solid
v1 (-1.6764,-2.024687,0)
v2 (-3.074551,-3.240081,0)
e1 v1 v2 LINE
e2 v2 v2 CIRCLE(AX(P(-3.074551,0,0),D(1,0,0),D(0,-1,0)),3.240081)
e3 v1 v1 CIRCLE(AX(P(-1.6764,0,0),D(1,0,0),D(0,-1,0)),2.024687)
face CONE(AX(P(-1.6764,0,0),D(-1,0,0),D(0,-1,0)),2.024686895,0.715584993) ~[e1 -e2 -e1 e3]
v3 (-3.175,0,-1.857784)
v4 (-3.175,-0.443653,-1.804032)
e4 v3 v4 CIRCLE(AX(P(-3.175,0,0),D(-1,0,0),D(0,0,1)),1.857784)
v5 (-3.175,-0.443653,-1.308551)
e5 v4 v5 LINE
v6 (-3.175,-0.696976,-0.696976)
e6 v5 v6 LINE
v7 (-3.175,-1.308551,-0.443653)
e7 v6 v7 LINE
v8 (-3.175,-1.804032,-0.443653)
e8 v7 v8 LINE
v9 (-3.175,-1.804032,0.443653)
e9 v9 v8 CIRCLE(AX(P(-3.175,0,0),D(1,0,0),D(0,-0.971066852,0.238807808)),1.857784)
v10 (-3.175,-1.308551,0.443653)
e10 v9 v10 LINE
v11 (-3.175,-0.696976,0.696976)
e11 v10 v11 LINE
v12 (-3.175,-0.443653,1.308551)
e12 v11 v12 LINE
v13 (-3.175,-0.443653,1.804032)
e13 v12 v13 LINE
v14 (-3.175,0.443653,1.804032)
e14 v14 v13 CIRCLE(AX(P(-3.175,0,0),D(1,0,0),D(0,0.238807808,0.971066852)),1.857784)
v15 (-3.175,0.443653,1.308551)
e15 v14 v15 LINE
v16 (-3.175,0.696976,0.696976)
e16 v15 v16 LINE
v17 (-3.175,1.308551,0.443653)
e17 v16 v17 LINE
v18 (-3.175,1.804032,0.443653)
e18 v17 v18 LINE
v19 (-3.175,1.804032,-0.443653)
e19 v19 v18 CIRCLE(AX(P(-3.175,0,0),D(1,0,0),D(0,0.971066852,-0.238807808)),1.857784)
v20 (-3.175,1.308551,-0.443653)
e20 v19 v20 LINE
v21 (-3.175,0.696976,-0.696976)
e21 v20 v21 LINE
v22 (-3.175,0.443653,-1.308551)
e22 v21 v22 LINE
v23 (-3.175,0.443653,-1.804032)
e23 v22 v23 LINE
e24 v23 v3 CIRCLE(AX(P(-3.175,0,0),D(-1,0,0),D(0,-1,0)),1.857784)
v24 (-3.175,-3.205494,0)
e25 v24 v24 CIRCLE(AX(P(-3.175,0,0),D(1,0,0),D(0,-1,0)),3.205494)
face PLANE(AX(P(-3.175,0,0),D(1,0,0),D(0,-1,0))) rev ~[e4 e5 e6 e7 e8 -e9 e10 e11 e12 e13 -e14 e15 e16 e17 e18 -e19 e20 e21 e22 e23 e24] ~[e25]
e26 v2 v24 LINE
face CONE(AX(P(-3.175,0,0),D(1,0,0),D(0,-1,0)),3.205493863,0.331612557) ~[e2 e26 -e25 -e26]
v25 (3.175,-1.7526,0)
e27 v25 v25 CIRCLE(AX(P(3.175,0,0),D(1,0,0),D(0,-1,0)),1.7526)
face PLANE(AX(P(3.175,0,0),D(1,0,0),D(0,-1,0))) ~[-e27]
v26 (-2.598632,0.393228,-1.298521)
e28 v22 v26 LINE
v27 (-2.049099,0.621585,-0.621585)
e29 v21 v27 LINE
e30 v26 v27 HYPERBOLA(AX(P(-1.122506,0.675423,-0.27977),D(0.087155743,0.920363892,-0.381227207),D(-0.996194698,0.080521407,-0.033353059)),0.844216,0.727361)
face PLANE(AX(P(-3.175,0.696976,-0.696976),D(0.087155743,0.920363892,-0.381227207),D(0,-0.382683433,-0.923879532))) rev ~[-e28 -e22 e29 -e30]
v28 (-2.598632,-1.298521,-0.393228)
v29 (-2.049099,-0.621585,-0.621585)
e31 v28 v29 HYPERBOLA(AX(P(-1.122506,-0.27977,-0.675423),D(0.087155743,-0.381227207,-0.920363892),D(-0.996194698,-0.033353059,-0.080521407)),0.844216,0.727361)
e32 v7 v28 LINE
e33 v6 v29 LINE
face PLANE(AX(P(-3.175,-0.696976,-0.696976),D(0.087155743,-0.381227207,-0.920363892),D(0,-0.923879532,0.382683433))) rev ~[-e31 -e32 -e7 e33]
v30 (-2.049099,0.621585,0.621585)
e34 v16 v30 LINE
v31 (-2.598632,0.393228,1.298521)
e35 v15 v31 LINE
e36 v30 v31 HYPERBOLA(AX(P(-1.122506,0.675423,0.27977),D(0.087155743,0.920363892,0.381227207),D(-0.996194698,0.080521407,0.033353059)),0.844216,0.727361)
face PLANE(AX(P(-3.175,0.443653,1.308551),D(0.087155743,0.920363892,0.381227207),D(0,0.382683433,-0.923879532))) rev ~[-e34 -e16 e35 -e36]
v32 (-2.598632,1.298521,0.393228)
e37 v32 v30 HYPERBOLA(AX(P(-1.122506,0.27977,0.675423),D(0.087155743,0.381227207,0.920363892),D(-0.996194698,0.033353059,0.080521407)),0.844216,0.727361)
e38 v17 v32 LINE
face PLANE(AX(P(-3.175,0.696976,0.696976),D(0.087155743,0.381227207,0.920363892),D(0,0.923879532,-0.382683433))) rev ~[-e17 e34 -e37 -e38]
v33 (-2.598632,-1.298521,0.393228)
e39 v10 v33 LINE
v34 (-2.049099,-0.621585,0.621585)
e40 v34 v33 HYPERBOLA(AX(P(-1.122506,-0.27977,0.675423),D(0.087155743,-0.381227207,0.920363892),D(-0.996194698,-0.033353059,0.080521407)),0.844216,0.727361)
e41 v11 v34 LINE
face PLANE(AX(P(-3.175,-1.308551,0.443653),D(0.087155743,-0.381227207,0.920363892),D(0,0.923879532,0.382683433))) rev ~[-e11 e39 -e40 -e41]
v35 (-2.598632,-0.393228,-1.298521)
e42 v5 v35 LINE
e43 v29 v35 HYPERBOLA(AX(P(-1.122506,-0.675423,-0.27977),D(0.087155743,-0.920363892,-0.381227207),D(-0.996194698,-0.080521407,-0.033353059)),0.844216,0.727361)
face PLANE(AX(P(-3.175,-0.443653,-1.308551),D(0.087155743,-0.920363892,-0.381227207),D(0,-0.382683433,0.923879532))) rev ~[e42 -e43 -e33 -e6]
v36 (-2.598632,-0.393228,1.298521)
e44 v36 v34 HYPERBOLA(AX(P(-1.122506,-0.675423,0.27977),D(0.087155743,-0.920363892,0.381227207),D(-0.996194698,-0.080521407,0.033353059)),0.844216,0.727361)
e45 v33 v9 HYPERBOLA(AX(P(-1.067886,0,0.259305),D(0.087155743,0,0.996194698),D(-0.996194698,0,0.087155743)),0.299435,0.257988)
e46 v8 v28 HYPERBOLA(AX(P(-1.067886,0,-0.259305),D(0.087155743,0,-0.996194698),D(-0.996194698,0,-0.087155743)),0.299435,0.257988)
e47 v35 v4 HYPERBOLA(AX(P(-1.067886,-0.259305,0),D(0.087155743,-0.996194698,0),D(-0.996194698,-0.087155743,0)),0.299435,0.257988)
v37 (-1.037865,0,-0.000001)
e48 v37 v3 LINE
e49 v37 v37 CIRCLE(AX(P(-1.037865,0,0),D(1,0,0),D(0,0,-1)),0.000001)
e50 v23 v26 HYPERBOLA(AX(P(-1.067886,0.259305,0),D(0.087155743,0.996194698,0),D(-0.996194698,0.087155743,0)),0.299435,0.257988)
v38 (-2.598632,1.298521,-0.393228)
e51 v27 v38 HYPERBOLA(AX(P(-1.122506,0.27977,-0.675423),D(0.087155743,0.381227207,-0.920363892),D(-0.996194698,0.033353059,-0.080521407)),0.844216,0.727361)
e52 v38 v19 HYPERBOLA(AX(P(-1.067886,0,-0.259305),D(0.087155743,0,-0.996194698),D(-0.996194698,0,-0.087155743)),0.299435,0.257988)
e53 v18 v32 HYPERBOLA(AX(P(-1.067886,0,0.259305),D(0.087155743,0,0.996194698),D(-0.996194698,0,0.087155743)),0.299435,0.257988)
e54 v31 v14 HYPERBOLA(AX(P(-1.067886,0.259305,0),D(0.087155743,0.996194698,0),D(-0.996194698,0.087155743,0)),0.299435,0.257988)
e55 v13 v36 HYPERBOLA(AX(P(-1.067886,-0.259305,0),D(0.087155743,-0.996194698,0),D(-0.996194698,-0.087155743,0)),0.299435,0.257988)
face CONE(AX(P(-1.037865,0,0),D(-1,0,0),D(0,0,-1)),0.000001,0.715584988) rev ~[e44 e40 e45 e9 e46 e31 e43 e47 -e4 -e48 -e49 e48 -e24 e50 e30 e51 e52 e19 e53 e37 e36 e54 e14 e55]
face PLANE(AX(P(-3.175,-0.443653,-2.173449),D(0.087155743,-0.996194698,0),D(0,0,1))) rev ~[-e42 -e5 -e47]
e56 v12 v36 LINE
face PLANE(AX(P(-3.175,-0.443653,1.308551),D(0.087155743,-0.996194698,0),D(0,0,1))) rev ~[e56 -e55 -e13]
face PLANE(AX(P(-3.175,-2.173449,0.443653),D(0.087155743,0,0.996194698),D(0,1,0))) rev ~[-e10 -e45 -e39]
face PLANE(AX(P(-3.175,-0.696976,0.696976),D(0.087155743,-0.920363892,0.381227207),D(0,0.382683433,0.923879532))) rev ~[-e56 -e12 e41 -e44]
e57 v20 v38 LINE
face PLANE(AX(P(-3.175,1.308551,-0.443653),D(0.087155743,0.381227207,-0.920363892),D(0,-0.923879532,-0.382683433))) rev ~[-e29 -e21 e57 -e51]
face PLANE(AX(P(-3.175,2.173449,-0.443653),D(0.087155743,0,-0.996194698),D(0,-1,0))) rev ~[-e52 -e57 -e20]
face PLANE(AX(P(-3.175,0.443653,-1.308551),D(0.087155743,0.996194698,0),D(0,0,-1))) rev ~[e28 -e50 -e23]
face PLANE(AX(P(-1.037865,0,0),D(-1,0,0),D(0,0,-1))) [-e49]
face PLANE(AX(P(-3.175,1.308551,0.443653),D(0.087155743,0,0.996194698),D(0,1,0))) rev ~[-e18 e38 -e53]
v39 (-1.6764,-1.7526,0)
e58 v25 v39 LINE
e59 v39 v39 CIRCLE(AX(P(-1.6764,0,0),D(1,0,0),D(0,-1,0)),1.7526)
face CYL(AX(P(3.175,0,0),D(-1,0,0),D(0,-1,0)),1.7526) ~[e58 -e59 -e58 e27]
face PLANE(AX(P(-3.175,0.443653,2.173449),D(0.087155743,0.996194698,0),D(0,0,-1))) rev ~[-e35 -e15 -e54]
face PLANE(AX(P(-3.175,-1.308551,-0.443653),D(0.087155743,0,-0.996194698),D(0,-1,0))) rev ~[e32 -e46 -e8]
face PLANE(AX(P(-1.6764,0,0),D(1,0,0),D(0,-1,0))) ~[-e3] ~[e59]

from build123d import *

# Parameters (mm, degrees)
CUT_EXTRUDE1_REACH = 9.904
CIRPATTERN1_COUNT  = 4
DRAFT1_ANGLE       = 5
CHAMFER1_SIZE      = 0.133096
CHAMFER1_SIZE2     = 0.121906137


with BuildPart() as part:
    # Sketch2 → Revolve1 (revolve)
    with BuildSketch(Plane.XY, mode=Mode.PRIVATE) as revolve1_sk:
        Polygon((-3.175, 0), (3.175, 0), (3.175, 1.7526), (-1.6764, 1.7526), (-1.6764, 2.024686895), (-3.175, 3.3274), align=None)
    revolve(revolve1_sk.sketch.rotate(Axis((-3.175, 0, 0), (1, 0, 0)), 180), axis=Axis((-3.175, 0, 0), (1, 0, 0)))

    # Cut-Extrude1: up to this cone (the profile starts inside it)
    cut_extrude1_end = Plane(origin=(-3.175, 0, 0), z_dir=(-1, 0, 0)).offset(-2.137134931) * Cone(1e-06, 12.516790067, 14.398918853, align=(Align.CENTER, Align.CENTER, Align.MIN), mode=Mode.PRIVATE)
    # Sketch3 → Cut-Extrude1 (cut, up to the surface)
    with BuildSketch(Plane.ZY.offset(3.175), mode=Mode.PRIVATE) as cut_extrude1_sk1:
        with BuildLine():
            Line((0, 0), (2.218266667, 0))
            ThreePointArc((2.218266667, 0), (2.207033704, 0.22295568), (2.173448579, 0.443653333))
            Line((2.173448579, 0.443653333), (1.308550956, 0.443653333))
            Line((1.308550956, 0.443653333), (0.696975982, 0.696975982))
            Line((0.696975982, 0.696975982), (0.443653333, 1.308550956))
            Line((0.443653333, 1.308550956), (0.443653333, 2.173448579))
            ThreePointArc((0.443653333, 2.173448579), (0.22295568, 2.207033704), (0, 2.218266667))
            Line((0, 2.218266667), (0, 0))
        make_face()
    cut_extrude1_tool1 = extrude(cut_extrude1_sk1.sketch, amount=-CUT_EXTRUDE1_REACH, mode=Mode.PRIVATE) & cut_extrude1_end
    cut_extrude1 = cut_extrude1_tool1.solids().sort_by_distance((-3.175, 1.109133, 0.031371))[0]
    add(cut_extrude1, mode=Mode.SUBTRACT)

    # CirPattern1: Cut-Extrude1 ×4 about axis
    cirpattern1_axis = Axis((0, 0, 0), (1, 0, 0))
    for i in range(1, CIRPATTERN1_COUNT):
        add(cut_extrude1.rotate(cirpattern1_axis, i * 360 / CIRPATTERN1_COUNT), mode=Mode.SUBTRACT)

    # Draft1
    draft1_faces = [part.faces().sort_by_distance(p)[0] for p in [
        (-2.99204002, 0.443653333, -1.474018435),
        (-2.764573893, 0.582482874, -0.973386795),
        (-2.764573893, 0.973386795, -0.582482874),
        (-2.99204002, 1.474018435, -0.443653333),
        (-2.99204002, 1.474018435, 0.443653333),
        (-2.764573893, 0.973386795, 0.582482874),
        (-2.764573893, 0.582482874, 0.973386795),
        (-2.99204002, 0.443653333, 1.474018435),
        (-2.99204002, -0.443653333, 1.474018435),
        (-2.764573893, -0.582482874, 0.973386795),
        (-2.764573893, -0.973386795, 0.582482874),
        (-2.99204002, -1.474018435, 0.443653333),
        (-2.99204002, -1.474018435, -0.443653333),
        (-2.764573893, -0.973386795, -0.582482874),
        (-2.764573893, -0.582482874, -0.973386795),
        (-2.99204002, -0.443653333, -1.474018435),
    ]]
    draft(draft1_faces, Plane(origin=(-3.175, 0, 0), x_dir=(0, -1, 0), z_dir=(-1, 0, 0)), DRAFT1_ANGLE)

    # Chamfer1
    chamfer1_edges = [part.edges().sort_by_distance(p)[0] for p in [
        (-3.175, 3.3274, 0),
    ]]
    chamfer1_side = [part.faces().sort_by_distance(p)[0] for p in [
        (-2.4257, 2.676043447, 0),
    ]]
    chamfer(chamfer1_edges, length=CHAMFER1_SIZE, length2=CHAMFER1_SIZE2, reference=chamfer1_side[0])


solid = part.part
